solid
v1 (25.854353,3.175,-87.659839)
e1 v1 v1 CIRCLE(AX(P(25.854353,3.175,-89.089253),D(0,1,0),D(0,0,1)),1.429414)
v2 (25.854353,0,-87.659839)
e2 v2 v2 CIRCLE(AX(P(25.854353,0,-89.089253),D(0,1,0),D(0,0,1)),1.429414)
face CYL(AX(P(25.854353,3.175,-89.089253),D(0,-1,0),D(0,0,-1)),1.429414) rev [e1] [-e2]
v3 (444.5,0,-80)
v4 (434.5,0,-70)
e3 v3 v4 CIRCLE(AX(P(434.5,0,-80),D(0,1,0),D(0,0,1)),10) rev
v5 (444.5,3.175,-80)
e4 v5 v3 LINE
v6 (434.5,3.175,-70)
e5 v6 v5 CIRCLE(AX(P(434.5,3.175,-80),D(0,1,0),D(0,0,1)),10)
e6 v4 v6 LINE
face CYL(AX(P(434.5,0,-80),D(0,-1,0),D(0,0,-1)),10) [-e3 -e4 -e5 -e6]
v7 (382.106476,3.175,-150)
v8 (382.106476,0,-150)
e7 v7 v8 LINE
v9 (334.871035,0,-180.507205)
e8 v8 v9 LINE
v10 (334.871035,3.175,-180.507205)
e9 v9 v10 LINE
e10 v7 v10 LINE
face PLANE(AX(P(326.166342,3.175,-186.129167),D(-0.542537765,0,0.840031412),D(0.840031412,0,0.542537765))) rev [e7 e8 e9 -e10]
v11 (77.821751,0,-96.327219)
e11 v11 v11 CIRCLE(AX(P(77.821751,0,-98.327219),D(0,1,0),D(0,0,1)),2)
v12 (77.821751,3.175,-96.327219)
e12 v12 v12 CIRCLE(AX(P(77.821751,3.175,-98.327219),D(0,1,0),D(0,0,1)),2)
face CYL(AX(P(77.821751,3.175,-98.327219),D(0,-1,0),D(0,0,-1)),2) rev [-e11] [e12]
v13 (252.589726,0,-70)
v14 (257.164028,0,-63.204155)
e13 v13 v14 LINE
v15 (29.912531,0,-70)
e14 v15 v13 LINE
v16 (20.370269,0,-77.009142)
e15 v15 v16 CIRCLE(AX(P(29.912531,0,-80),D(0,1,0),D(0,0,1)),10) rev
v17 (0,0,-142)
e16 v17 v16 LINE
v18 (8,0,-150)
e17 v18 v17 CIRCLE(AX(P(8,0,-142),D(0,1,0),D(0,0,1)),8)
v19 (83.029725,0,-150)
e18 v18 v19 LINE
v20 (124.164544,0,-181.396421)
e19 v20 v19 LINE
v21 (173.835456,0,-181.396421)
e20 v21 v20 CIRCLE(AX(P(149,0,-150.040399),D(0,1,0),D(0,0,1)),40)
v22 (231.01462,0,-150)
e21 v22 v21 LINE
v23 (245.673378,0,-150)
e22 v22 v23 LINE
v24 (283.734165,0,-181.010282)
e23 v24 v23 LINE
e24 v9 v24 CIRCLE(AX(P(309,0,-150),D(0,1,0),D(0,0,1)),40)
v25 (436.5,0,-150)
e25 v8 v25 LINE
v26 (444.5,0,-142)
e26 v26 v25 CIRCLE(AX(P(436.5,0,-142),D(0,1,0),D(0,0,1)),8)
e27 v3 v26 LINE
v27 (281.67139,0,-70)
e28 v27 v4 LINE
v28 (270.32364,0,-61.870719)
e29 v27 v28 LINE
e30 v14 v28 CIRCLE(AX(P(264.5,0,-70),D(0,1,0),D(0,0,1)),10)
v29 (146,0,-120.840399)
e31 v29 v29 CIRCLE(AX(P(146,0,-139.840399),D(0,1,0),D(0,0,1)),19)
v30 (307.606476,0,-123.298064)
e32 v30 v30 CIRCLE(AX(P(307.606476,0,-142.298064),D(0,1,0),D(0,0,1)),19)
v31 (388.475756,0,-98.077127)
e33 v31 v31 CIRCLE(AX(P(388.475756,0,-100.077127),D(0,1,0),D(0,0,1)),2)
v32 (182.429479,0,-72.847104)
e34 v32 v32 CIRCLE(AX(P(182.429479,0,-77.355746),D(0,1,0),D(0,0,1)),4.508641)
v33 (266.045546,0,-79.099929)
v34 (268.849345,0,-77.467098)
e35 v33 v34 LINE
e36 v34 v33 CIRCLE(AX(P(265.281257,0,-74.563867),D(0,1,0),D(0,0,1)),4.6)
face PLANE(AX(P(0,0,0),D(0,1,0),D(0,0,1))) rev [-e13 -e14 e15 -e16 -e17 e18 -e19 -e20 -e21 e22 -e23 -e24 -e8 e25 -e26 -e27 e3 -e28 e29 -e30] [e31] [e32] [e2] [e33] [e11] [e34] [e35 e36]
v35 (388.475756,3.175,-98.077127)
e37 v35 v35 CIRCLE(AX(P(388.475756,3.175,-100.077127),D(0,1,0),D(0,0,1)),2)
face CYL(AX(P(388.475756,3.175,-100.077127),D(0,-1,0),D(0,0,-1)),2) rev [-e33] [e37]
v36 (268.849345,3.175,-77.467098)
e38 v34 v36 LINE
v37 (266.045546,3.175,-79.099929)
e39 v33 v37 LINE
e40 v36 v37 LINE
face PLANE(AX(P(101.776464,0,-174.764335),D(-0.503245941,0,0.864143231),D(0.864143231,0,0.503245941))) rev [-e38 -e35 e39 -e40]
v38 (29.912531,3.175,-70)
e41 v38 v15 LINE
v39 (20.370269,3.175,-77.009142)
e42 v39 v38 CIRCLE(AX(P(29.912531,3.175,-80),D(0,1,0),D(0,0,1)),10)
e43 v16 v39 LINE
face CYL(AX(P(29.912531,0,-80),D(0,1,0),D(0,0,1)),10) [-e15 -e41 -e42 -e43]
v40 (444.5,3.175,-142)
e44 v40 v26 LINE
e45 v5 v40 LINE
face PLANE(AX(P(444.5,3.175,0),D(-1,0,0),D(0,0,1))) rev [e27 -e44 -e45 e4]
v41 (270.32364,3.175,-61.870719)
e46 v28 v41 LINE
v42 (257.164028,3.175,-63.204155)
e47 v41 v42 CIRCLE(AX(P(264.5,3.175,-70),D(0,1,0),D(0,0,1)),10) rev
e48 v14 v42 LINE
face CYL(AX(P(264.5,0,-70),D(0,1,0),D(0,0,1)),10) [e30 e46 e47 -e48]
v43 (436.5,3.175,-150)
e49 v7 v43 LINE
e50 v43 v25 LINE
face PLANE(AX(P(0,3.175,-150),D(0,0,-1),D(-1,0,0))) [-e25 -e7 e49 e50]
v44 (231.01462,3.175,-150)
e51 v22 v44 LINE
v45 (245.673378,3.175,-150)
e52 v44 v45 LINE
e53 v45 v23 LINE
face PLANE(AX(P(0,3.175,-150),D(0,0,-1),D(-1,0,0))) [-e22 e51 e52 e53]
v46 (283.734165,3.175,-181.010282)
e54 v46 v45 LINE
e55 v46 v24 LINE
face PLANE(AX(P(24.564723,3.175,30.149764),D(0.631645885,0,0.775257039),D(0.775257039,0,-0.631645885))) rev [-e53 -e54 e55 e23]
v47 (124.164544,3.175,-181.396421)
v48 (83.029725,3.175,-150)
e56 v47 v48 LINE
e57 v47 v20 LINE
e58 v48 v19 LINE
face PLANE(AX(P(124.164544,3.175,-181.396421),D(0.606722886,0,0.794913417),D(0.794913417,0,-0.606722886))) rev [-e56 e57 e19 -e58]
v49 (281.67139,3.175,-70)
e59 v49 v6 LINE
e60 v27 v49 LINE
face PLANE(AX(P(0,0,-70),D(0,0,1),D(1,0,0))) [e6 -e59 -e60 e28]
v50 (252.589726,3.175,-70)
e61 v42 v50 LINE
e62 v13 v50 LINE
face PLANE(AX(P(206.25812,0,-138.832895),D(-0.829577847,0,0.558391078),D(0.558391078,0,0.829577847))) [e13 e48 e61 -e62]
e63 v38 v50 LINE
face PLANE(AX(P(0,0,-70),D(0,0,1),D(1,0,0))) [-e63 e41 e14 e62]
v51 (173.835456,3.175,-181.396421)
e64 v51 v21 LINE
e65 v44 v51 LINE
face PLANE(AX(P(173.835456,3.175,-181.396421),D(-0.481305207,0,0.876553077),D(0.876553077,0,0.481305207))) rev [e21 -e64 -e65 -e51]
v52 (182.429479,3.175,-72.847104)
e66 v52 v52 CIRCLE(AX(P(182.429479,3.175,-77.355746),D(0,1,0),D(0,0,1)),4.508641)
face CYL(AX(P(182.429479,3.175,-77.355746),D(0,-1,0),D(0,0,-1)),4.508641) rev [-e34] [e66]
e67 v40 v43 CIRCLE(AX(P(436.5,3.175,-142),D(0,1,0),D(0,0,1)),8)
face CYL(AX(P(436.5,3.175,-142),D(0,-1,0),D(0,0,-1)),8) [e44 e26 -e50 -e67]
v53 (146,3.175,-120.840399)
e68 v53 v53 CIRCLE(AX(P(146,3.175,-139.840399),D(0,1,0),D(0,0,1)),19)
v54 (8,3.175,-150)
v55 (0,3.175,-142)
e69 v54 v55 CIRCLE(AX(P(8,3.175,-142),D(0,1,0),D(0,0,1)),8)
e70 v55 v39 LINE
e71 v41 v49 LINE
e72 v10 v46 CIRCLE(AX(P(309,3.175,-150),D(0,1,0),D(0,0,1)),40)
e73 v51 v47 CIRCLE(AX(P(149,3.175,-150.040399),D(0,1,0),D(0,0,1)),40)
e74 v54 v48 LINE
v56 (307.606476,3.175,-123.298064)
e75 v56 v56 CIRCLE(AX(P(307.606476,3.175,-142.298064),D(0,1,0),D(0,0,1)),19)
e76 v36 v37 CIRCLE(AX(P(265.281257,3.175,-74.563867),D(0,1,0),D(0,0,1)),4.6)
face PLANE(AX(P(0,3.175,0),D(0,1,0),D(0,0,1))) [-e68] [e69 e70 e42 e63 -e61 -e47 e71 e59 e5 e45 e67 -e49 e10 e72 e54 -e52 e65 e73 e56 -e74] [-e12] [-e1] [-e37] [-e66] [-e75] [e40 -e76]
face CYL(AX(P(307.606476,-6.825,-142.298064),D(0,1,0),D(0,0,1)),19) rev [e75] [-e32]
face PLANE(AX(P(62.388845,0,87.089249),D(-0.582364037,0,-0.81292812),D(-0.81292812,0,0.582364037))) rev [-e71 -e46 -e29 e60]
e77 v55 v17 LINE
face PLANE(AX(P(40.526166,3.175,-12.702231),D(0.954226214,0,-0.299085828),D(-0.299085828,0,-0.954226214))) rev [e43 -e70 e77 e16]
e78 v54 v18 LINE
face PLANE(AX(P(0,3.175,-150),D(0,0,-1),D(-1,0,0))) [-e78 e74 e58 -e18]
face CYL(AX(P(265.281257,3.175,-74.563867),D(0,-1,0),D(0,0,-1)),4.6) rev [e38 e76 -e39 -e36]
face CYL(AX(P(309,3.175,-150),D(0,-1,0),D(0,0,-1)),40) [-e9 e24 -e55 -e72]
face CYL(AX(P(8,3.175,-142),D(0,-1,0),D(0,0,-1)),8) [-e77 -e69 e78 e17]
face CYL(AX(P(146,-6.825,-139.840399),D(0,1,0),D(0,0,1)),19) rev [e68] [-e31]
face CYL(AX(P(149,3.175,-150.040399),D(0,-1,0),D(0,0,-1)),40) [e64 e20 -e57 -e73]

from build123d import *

# Parameters (mm, degrees)
SKETCH1_R                = 4.50864138
SKETCH1_R_2              = 2
SKETCH1_R_3              = 4.6
SKETCH1_R_4              = 1.429414062
BOSS_EXTRUDE1_DEPTH      = 3.175
SKETCH2_W                = 597.466303312
SKETCH2_H                = 60.972543052
CUT_EXTRUDE1_DEPTH       = 70
FILLET1_R                = 10
FILLET2_R                = 10
SKETCH6_R                = 40
BOSS_EXTRUDE2_DEPTH      = 3.175
BOSS_EXTRUDE3_DEPTH      = 3.175
SKETCH9_R                = 40
BOSS_EXTRUDE4_DEPTH      = 3.175
BOSS_EXTRUDE6_DEPTH      = 3.175
SKETCH13_R               = 19
CUT_EXTRUDE5_DEPTH       = 10
SKETCH14_R               = 19
CUT_EXTRUDE6_DEPTH       = 10
BOSS_EXTRUDE7_DEPTH      = 10
BOSS_EXTRUDE7_DEPTH_BACK = 3.175
SKETCH16_W               = 39.380598922
SKETCH16_H               = 33.904845405
CUT_EXTRUDE7_DEPTH       = 10


with BuildPart() as part:
    # Sketch1 → Boss-Extrude1 (new body)
    with BuildSketch(Plane(origin=(0, 0, 0), x_dir=(1, 0, 0), z_dir=(0, 1, 0))):
        with BuildLine():
            ThreePointArc((8, 150), (2.343145751, 147.656854249), (0, 142))
            Line((0, 142), (42, 8))
            ThreePointArc((42, 8), (44.343145751, 2.343145751), (50, 0))
            Line((50, 0), (436.5, 0))
            ThreePointArc((436.5, 0), (442.156854249, 2.343145751), (444.5, 8))
            Line((444.5, 8), (444.5, 142))
            ThreePointArc((444.5, 142), (442.156854249, 147.656854249), (436.5, 150))
            Line((436.5, 150), (338.059360585, 150))
            ThreePointArc((338.059360585, 150), (334.223325972, 144.782574379), (330.387291359, 150))
            Line((330.387291359, 150), (282.940349401, 150))
            ThreePointArc((282.940349401, 150), (281.106475607, 148.798064477), (279.272601814, 150))
            Line((279.272601814, 150), (172.868406334, 150))
            ThreePointArc((172.868406334, 150), (172.5, 146.64039861), (172.131593666, 150))
            Line((172.131593666, 150), (123.116119719, 150))
            ThreePointArc((123.116119719, 150), (122, 146.34039861), (120.883880281, 150))
            Line((120.883880281, 150), (8, 150))
        make_face()
        with Locations(Location((182.429479385, 77.355745695, 0), (0, 0, 270))):
            Circle(SKETCH1_R, mode=Mode.SUBTRACT)
        with Locations(Location((388.475756445, 100.077126905, 0), (0, 0, 270))):
            Circle(SKETCH1_R_2, mode=Mode.SUBTRACT)
        with Locations(Location((265.281257274, 74.563866981, 0), (0, 0, 270))):
            Circle(SKETCH1_R_3, mode=Mode.SUBTRACT)
        with Locations(Location((25.854352659, 89.089252974, 0), (0, 0, 270))):
            Circle(SKETCH1_R_4, mode=Mode.SUBTRACT)
        with Locations(Location((77.821750814, 98.327219393, 0), (0, 0, 270))):
            Circle(SKETCH1_R_2, mode=Mode.SUBTRACT)
    extrude(amount=BOSS_EXTRUDE1_DEPTH)

    # Sketch2 → Cut-Extrude1 (cut)
    with BuildSketch(Plane.XY):
        with Locations((220.1785332, 7.544358636)):
            Rectangle(SKETCH2_W, SKETCH2_H)
    extrude(amount=-CUT_EXTRUDE1_DEPTH, mode=Mode.SUBTRACT)

    # Fillet1
    fillet1_edges = [part.edges().sort_by_distance(p)[0] for p in [
        (22.567164179, 1.5875, -70),
    ]]
    fillet(fillet1_edges, radius=FILLET1_R)

    # Fillet2
    fillet2_edges = [part.edges().sort_by_distance(p)[0] for p in [
        (444.5, 1.5875, -70),
    ]]
    fillet(fillet2_edges, radius=FILLET2_R)

    # Sketch6 → Boss-Extrude2 (add)
    with BuildSketch(Plane(origin=(0, 0, 0), x_dir=(1, 0, 0), z_dir=(0, 1, 0))):
        with Locations((149, 150.04039861)):
            Circle(SKETCH6_R)
    extrude(amount=BOSS_EXTRUDE2_DEPTH)

    # Sketch7 → Boss-Extrude3 (add)
    with BuildSketch(Plane(origin=(0, 0, 0), x_dir=(1, 0, 0), z_dir=(0, 1, 0))):
        Polygon((124.164543783, 181.396420591), (82.702881078, 149.750534228), (231.468946681, 149.750534228), (173.835456217, 181.396420591), align=None)
    extrude(amount=BOSS_EXTRUDE3_DEPTH)

    # Sketch9 → Boss-Extrude4 (add)
    with BuildSketch(Plane(origin=(0, 0, 0), x_dir=(1, 0, 0), z_dir=(0, 1, 0))):
        with BuildLine():
            ThreePointArc((269, 150), (272.870833001, 167.166341835), (283.734164599, 181.010281545))
            Line((283.734164599, 181.010281545), (245.673378314, 150))
            Line((245.673378314, 150), (269, 150))
        make_face()
        with Locations((309, 150)):
            Circle(SKETCH9_R)
    extrude(amount=BOSS_EXTRUDE4_DEPTH)

    # Sketch12 → Boss-Extrude6 (add)
    with BuildSketch(Plane(origin=(0, 0, 0), x_dir=(1, 0, 0), z_dir=(0, 1, 0))):
        Polygon((326.166341835, 186.129166999), (382.106475607, 150), (340.398839744, 150), align=None)
    extrude(amount=BOSS_EXTRUDE6_DEPTH)

    # Sketch13 → Cut-Extrude5 (cut)
    with BuildSketch(Plane(origin=(0, 3.175, 0), x_dir=(1, 0, 0), z_dir=(0, 1, 0))):
        with Locations(Location((146, 139.84039861, 0), (0, 0, 270))):
            Circle(SKETCH13_R)
    extrude(amount=-CUT_EXTRUDE5_DEPTH, mode=Mode.SUBTRACT)

    # Sketch14 → Cut-Extrude6 (cut)
    with BuildSketch(Plane(origin=(0, 3.175, 0), x_dir=(1, 0, 0), z_dir=(0, 1, 0))):
        with Locations(Location((307.606475607, 142.298064477, 0), (0, 0, 270))):
            Circle(SKETCH14_R)
    extrude(amount=-CUT_EXTRUDE6_DEPTH, mode=Mode.SUBTRACT)

    # Sketch15 → Boss-Extrude7 (add, two sides: drawn at the far end of the back side and taken through both)
    with BuildSketch(Plane(origin=(0, 3.175, 0), x_dir=(1, 0, 0), z_dir=(0, 1, 0)).offset(-BOSS_EXTRUDE7_DEPTH_BACK)):
        with BuildLine():
            Line((270.323640372, 61.870718801), (281.671389991, 70))
            Line((281.671389991, 70), (265.856685963, 70))
            ThreePointArc((265.856685963, 70), (269.551101507, 72.852601302), (268.849345077, 77.467097842))
            Line((268.849345077, 77.467097842), (266.045546336, 79.099929396))
            ThreePointArc((266.045546336, 79.099929396), (260.730312777, 75.233870106), (264.705828584, 70))
            Line((264.705828584, 70), (252.589726142, 70))
            Line((252.589726142, 70), (257.164027826, 63.204154779))
            ThreePointArc((257.164027826, 63.204154779), (263.491883069, 60.050944756), (270.323640372, 61.870718801))
        make_face()
    extrude(amount=BOSS_EXTRUDE7_DEPTH + BOSS_EXTRUDE7_DEPTH_BACK)

    # Sketch16 → Cut-Extrude7 (cut)
    with BuildSketch(Plane(origin=(0, 13.175, 0), x_dir=(1, 0, 0), z_dir=(0, 1, 0))):
        with Locations((267.135263248, 68.050551455)):
            Rectangle(SKETCH16_W, SKETCH16_H)
    extrude(amount=-CUT_EXTRUDE7_DEPTH, mode=Mode.SUBTRACT)


solid = part.part
